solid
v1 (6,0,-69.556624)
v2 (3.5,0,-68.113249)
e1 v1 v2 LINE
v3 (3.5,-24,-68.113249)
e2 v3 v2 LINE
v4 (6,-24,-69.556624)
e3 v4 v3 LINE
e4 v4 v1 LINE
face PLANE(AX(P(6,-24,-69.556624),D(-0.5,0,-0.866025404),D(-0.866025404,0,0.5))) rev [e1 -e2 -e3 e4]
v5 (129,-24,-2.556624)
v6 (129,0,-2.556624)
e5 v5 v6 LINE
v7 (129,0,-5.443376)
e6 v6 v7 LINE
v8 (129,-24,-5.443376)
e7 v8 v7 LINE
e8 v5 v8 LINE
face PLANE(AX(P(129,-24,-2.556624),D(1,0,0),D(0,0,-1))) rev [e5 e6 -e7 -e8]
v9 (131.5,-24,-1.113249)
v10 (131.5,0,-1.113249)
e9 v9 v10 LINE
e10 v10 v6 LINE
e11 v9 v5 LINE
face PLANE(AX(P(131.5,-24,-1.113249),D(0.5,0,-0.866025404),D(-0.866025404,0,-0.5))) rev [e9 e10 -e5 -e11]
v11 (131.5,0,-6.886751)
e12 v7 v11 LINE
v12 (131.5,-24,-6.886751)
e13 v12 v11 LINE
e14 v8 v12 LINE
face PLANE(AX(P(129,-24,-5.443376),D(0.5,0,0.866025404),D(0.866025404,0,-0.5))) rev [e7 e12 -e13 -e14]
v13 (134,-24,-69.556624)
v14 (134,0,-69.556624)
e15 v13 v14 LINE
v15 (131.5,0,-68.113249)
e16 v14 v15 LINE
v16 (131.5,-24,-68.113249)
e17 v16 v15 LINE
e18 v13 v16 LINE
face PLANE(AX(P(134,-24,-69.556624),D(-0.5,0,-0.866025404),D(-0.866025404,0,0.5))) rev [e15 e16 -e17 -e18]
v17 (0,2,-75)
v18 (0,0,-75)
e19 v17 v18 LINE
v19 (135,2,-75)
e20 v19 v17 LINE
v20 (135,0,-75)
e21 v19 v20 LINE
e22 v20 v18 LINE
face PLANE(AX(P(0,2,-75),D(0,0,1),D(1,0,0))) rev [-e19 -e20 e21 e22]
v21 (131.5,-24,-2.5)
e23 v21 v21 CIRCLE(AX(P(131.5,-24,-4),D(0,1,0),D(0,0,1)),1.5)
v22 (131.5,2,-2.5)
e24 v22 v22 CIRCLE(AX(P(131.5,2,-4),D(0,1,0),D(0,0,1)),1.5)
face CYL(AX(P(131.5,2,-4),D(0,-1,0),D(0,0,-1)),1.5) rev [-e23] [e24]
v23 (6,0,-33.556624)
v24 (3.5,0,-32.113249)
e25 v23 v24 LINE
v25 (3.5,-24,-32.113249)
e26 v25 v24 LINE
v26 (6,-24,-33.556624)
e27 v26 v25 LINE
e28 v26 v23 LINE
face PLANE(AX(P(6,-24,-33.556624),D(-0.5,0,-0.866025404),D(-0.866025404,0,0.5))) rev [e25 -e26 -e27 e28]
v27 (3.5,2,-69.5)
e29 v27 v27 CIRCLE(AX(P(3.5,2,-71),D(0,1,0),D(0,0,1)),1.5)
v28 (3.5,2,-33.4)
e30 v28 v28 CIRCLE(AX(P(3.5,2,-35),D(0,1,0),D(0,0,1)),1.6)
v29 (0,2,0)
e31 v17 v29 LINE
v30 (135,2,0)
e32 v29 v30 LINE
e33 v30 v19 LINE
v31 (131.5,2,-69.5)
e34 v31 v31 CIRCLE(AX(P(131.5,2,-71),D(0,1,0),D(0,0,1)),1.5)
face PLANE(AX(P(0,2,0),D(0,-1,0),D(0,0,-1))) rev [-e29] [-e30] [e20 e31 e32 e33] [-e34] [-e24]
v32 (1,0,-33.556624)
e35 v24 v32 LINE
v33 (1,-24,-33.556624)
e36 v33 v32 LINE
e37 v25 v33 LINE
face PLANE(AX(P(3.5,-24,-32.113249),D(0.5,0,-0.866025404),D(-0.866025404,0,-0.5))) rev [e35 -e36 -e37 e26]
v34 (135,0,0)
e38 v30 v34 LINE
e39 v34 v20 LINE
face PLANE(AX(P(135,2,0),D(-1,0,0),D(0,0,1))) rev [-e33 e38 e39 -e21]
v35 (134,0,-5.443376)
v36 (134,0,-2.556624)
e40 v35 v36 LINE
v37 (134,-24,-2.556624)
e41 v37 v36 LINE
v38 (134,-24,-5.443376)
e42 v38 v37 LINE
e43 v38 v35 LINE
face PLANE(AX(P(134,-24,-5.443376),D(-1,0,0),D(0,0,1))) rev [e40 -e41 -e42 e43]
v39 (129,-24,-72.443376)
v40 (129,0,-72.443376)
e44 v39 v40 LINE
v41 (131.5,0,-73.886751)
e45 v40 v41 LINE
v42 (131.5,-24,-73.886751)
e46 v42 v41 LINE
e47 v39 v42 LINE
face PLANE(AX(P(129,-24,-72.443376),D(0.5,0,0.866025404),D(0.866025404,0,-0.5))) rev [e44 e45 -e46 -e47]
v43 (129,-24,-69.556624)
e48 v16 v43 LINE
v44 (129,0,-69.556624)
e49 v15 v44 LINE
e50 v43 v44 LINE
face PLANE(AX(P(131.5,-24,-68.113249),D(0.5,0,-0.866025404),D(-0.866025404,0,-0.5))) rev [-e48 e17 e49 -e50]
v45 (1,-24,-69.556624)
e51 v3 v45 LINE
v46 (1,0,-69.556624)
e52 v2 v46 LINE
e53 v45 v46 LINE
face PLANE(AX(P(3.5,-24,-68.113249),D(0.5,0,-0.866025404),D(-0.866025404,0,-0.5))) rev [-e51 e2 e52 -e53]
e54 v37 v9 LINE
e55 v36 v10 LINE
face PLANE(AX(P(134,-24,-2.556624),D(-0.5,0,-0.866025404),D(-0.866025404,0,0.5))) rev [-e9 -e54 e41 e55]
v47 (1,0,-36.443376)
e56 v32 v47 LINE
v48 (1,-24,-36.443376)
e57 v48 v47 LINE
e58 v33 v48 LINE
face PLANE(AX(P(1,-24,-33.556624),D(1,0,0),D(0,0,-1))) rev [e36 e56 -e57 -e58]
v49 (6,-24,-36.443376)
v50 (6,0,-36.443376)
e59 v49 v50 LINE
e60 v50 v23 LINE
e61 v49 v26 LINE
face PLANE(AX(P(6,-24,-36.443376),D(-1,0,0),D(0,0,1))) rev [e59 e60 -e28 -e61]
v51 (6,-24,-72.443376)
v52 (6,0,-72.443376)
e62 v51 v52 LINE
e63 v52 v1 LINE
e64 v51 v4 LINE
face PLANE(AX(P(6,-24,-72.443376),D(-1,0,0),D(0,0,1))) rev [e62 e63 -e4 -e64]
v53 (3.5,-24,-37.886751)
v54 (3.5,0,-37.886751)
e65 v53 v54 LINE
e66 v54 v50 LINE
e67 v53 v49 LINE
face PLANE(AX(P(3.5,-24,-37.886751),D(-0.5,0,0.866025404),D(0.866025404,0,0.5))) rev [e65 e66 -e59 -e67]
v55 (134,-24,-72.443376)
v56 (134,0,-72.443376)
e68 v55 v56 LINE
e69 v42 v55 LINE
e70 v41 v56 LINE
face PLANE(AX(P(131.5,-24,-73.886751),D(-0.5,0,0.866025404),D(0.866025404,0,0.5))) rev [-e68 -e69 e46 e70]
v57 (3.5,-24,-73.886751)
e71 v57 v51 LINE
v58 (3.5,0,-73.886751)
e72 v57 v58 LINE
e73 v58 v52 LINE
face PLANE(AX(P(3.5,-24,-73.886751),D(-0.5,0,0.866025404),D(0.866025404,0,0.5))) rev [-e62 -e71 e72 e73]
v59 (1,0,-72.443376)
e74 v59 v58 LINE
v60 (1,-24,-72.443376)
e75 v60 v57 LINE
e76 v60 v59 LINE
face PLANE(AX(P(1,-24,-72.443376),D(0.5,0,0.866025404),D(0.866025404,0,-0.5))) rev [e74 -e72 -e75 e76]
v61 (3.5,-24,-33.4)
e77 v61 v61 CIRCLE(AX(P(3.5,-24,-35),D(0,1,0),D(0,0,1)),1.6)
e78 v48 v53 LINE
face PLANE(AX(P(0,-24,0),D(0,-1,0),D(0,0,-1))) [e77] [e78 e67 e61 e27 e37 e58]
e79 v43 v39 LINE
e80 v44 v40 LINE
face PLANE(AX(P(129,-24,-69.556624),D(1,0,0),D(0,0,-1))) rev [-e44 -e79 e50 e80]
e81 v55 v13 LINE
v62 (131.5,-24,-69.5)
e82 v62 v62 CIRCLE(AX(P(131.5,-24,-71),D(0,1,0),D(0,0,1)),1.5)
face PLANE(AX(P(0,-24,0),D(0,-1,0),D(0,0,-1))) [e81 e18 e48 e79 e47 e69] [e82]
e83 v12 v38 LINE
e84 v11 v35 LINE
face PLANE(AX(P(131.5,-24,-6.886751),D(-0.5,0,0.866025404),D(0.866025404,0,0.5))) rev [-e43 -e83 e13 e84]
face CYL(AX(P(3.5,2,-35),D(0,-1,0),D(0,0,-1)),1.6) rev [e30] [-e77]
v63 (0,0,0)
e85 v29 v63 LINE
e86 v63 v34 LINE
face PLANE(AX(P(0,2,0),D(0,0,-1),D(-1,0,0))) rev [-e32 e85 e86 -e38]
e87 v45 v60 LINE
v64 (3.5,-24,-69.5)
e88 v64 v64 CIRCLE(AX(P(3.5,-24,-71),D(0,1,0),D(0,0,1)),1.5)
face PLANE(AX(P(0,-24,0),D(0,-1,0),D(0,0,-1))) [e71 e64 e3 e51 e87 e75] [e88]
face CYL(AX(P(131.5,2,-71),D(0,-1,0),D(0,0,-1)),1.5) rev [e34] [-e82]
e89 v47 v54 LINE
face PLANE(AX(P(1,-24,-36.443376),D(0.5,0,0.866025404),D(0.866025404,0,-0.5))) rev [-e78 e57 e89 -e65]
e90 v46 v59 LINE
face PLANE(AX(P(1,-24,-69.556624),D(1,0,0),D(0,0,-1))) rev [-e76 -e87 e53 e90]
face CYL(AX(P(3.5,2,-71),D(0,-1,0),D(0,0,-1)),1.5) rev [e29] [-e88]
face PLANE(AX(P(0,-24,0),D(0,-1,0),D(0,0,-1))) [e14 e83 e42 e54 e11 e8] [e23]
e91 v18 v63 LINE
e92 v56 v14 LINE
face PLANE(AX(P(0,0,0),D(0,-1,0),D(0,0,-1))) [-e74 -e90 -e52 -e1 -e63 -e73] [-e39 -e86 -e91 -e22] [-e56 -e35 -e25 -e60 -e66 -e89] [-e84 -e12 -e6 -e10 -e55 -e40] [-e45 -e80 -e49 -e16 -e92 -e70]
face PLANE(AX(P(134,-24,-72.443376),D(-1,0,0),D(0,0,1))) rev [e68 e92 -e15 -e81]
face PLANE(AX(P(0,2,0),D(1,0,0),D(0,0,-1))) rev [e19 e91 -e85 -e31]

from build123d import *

# Parameters (mm, degrees)
SKETCH_1_W          = 135
SKETCH_1_H          = 75
SKETCH_1_R          = 1.5
SKETCH_1_R_2        = 1.6
EXTRUDE_1_DEPTH     = 2
EXTRUDE_2_DEPTH     = 24
SKETCH_3_R          = 1.5
SKETCH_3_R_2        = 1.6
CUT_EXTRUDE_1_DEPTH = 25


with BuildPart() as part:
    # Эскиз1 → Бобышка-Вытянуть1 (new body)
    with BuildSketch(Plane(origin=(0, 0, 0), x_dir=(1, 0, 0), z_dir=(0, 1, 0))):
        with Locations((67.5, 37.5)):
            Rectangle(SKETCH_1_W, SKETCH_1_H)
        with Locations((3.5, 71)):
            Circle(SKETCH_1_R, mode=Mode.SUBTRACT)
        with Locations((3.5, 35)):
            Circle(SKETCH_1_R_2, mode=Mode.SUBTRACT)
        with Locations((131.5, 71)):
            Circle(SKETCH_1_R, mode=Mode.SUBTRACT)
        with Locations((131.5, 4)):
            Circle(SKETCH_1_R, mode=Mode.SUBTRACT)
    extrude(amount=EXTRUDE_1_DEPTH)

    # Эскиз2 → Бобышка-Вытянуть2 (add)
    with BuildSketch(Plane.XZ):
        Polygon((3.5, -37.886751346), (6, -36.443375673), (6, -33.556624327), (3.5, -32.113248654), (1, -33.556624327), (1, -36.443375673), align=None)
        Polygon((3.5, -73.886751346), (6, -72.443375673), (6, -69.556624327), (3.5, -68.113248654), (1, -69.556624327), (1, -72.443375673), align=None)
        Polygon((131.5, -6.886751346), (134, -5.443375673), (134, -2.556624327), (131.5, -1.113248654), (129, -2.556624327), (129, -5.443375673), align=None)
        Polygon((129, -72.443375673), (131.5, -73.886751346), (134, -72.443375673), (134, -69.556624327), (131.5, -68.113248654), (129, -69.556624327), align=None)
    extrude(amount=EXTRUDE_2_DEPTH)

    # Эскиз3 → Вырез-Вытянуть1 (cut, through all)
    with BuildSketch(Plane(origin=(0, 0, 0), x_dir=(1, 0, 0), z_dir=(0, 1, 0))):
        with Locations((3.5, 71)):
            Circle(SKETCH_3_R)
        with Locations((131.5, 4)):
            Circle(SKETCH_3_R)
        with Locations((131.5, 71)):
            Circle(SKETCH_3_R)
        with Locations((3.5, 35)):
            Circle(SKETCH_3_R_2)
    extrude(amount=-CUT_EXTRUDE_1_DEPTH, mode=Mode.SUBTRACT)


solid = part.part
